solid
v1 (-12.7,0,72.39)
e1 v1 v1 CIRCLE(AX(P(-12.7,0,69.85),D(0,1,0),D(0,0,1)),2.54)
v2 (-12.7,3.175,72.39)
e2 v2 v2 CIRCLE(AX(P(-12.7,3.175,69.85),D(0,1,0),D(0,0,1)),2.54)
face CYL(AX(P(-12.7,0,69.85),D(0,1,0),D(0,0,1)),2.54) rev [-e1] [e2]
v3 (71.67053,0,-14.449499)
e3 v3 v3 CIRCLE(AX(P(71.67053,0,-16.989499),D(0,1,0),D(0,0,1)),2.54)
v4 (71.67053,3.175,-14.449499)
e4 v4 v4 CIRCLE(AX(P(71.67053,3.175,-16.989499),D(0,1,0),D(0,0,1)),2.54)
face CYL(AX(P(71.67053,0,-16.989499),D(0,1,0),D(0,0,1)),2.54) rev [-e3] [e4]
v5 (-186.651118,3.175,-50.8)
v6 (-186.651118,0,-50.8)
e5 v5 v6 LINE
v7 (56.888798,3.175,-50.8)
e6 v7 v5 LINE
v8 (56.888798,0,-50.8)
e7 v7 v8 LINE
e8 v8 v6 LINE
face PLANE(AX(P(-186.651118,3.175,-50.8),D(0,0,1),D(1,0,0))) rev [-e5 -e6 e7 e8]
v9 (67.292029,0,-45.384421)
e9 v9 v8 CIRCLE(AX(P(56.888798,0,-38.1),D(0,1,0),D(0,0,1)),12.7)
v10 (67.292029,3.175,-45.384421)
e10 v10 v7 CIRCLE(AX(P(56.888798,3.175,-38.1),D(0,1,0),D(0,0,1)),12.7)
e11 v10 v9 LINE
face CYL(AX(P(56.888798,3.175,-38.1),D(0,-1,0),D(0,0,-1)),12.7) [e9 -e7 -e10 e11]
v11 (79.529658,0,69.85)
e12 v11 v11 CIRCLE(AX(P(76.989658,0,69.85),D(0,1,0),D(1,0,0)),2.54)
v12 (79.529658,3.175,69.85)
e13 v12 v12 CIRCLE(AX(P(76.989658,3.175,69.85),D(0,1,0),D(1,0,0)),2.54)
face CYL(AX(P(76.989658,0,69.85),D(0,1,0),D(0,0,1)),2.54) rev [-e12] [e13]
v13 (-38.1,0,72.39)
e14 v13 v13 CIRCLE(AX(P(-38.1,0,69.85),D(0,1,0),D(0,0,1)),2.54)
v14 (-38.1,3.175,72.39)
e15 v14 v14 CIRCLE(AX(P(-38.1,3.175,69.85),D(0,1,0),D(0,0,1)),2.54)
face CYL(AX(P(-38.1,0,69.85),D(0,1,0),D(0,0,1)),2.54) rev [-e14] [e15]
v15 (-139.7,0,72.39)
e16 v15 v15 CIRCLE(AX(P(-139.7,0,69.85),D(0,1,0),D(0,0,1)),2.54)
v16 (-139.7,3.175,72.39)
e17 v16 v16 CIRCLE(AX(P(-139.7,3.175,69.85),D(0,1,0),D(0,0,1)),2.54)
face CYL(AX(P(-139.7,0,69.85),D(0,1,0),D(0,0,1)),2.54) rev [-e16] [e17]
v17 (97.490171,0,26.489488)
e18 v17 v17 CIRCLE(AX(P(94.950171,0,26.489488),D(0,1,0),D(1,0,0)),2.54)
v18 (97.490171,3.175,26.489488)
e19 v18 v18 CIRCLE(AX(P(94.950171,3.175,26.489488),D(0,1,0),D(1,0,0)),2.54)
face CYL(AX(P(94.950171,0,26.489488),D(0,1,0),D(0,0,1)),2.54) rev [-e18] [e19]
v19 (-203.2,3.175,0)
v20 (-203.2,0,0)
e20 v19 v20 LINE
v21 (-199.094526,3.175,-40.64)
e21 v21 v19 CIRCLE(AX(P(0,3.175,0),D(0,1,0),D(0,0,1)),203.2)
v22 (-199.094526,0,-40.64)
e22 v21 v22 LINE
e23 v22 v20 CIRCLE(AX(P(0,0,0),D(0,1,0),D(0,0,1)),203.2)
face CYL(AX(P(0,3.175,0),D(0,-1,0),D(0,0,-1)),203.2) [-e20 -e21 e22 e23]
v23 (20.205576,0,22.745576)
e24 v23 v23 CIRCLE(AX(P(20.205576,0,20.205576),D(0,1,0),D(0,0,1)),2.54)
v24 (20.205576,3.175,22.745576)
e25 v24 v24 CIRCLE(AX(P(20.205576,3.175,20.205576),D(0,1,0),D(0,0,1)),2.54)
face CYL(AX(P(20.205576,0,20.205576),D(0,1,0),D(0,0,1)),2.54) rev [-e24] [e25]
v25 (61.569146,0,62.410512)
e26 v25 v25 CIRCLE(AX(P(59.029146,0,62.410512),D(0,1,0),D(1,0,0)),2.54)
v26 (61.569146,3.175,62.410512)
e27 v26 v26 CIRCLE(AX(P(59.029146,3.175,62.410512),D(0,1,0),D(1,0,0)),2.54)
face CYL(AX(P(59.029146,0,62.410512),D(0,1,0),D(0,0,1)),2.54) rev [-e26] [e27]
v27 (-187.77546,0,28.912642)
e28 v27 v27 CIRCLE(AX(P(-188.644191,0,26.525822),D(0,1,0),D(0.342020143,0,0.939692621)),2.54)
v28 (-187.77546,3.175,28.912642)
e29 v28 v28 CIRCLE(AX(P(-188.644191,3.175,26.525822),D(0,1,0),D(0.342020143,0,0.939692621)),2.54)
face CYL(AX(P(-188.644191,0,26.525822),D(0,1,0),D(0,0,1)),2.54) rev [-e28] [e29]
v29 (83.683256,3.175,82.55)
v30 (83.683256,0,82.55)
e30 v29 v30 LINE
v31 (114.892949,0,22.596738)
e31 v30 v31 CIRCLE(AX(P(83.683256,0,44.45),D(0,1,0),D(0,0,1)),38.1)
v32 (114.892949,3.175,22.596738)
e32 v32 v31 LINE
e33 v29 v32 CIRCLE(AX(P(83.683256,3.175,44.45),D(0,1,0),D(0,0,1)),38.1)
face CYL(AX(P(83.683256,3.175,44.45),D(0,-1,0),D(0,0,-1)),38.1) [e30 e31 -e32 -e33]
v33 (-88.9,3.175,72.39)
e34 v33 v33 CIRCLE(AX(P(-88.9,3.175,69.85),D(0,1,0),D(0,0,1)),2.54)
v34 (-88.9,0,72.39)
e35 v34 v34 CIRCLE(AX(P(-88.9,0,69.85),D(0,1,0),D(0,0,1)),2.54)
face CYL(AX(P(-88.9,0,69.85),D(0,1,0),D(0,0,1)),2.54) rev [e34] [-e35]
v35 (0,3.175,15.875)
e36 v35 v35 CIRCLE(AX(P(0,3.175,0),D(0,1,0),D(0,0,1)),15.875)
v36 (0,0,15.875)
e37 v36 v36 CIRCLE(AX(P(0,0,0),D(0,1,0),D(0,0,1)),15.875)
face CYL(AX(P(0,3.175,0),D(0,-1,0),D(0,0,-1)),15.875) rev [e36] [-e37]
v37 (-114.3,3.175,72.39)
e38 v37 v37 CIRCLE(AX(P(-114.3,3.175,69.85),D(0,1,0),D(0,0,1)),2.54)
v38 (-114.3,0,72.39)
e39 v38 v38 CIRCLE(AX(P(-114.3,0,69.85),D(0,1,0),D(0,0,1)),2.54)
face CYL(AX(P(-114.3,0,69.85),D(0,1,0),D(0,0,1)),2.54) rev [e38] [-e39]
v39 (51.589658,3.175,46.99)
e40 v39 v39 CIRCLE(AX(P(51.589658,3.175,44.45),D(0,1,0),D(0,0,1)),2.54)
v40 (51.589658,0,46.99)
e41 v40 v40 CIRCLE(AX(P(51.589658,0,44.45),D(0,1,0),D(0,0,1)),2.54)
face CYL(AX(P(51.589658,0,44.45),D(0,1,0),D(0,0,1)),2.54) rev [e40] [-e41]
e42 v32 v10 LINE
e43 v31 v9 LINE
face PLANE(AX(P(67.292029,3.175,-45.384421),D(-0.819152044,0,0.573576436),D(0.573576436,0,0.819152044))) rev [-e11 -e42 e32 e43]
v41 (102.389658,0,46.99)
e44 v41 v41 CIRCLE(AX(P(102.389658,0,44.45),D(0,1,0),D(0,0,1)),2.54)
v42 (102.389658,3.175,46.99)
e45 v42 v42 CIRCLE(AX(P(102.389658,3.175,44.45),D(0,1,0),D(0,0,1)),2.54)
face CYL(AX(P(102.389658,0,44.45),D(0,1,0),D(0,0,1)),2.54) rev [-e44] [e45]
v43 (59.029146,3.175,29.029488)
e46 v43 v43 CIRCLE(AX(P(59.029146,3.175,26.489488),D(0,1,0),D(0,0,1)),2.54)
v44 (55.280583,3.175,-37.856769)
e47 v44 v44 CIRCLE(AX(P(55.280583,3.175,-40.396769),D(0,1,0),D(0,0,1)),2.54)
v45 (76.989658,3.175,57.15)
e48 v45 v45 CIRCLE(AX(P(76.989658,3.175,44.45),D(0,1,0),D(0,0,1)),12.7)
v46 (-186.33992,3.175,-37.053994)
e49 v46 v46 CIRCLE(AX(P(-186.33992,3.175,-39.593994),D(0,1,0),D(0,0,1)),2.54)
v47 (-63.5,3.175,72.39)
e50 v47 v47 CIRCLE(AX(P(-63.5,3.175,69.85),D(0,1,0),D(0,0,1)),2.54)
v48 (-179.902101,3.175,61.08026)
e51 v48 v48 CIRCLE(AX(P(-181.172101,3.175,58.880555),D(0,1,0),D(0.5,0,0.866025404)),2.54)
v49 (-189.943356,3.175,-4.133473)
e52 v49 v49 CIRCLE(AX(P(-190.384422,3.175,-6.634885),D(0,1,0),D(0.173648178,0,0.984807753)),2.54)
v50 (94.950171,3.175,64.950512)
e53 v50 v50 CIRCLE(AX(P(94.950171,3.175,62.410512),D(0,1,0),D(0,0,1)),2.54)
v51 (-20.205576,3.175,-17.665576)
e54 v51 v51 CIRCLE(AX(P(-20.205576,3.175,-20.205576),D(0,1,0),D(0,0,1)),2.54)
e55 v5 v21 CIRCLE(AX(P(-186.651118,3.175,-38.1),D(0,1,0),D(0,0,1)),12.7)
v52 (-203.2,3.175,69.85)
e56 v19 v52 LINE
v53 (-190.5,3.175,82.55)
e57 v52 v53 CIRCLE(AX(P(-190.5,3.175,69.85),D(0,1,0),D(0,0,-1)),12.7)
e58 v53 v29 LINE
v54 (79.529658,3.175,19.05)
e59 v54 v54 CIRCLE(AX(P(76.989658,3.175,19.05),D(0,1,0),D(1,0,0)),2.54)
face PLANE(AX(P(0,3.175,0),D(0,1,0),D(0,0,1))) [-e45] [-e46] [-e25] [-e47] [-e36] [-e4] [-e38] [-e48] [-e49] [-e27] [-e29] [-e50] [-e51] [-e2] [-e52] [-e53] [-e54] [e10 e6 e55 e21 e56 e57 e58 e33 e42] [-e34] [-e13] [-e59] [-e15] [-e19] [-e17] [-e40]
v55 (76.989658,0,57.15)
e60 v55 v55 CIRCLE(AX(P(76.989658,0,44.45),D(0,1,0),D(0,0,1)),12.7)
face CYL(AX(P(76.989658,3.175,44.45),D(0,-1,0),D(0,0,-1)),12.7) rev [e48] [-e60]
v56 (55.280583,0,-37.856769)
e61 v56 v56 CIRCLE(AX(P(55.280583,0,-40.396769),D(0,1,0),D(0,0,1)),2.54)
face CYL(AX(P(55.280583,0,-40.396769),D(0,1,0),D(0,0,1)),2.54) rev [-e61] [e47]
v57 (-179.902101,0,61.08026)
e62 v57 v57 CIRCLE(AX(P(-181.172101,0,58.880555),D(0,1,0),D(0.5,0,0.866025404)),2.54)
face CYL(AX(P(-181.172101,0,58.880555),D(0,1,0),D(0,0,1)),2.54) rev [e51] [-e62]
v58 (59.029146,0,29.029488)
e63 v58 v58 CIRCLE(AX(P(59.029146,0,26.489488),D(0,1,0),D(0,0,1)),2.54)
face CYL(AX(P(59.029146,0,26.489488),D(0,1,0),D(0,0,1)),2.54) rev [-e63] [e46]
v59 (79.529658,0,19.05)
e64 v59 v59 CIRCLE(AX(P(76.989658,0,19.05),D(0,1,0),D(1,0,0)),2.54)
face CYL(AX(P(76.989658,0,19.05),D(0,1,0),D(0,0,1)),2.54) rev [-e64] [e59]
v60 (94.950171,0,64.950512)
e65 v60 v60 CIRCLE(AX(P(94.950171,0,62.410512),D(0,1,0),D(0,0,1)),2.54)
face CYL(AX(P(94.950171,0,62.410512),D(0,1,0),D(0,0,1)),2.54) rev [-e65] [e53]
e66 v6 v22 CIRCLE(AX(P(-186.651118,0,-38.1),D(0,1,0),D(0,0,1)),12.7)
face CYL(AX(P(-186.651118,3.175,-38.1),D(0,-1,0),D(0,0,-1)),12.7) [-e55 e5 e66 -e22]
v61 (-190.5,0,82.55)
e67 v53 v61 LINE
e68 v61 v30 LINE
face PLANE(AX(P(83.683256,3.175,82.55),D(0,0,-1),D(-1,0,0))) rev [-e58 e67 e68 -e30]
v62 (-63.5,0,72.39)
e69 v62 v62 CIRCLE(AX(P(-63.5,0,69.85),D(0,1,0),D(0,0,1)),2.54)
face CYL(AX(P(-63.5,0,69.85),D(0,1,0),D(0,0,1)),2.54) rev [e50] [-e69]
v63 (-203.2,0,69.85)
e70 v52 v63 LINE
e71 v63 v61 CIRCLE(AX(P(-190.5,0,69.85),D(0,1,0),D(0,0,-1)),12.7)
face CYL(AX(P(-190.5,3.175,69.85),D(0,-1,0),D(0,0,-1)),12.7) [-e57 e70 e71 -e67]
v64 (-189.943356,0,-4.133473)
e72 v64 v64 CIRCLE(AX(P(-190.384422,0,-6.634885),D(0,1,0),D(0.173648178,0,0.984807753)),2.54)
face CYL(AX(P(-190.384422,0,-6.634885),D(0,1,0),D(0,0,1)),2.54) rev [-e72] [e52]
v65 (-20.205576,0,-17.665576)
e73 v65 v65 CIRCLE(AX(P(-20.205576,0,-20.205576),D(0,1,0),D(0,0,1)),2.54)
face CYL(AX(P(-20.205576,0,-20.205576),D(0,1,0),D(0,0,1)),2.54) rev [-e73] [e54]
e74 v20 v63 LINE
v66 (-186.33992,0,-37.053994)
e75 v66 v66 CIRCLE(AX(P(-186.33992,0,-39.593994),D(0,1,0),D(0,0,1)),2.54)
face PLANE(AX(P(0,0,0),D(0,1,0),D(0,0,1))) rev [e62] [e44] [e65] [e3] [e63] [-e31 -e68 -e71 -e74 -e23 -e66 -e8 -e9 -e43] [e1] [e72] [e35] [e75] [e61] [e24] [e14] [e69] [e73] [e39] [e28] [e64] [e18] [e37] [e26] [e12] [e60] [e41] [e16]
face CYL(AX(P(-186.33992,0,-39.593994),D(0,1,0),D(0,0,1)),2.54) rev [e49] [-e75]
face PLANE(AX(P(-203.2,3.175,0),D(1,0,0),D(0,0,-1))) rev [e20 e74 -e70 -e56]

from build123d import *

# Parameters (mm, degrees)
SKETCH1_R                       = 15.875
SKETCH1_R_2                     = 12.7
INITIAL_PLATE_DEPTH             = 3.175
SKETCH2_R                       = 2.54
INITIAL_HOLE_FRONT_DEPTH        = 4.175
FRONT_SUPPORT_MOUNTS_COUNT      = 2
FRONT_SUPPORT_MOUNTS_PITCH      = 28.575
SKETCH3_R                       = 2.54
MAX_PLANETARY_HOLES_DEPTH       = 4.175
MAX_PLANETARY_PATTERN_COUNT     = 3
MAX_PLANETARY_PATTERN_ANGLE     = 180
SKETCH4_R                       = 2.54
INITIAL_STATIC_HOOD_MOUNT_DEPTH = 4.175
HOOD_MOUNTING_PATTERN_COUNT     = 4
HOOD_MOUNTING_PATTERN_ANGLE     = 30
SKETCH5_R                       = 2.54
INITIAL_MOUNTING_HOLE_DEPTH     = 4.175
MOUNTING_PATTERN_COUNT          = 6
MOUNTING_PATTERN_PITCH          = 25.4
SKETCH6_R                       = 2.54
BEARING_RETAINER_MOUNT_DEPTH    = 4.175


with BuildPart() as part:
    # Sketch1 → Initial Plate (new body)
    with BuildSketch(Plane(origin=(0, 0, 0), x_dir=(1, 0, 0), z_dir=(0, 1, 0))):
        with BuildLine():
            Line((-186.6511184, 50.8), (56.888798458, 50.8))
            ThreePointArc((56.888798458, 50.8), (62.753005846, 49.365037581), (67.29202942, 45.384420742))
            Line((67.29202942, 45.384420742), (114.89294907, -22.596737775))
            ThreePointArc((114.89294907, -22.596737775), (117.478368927, -62.042622164), (83.683256183, -82.55))
            Line((83.683256183, -82.55), (-190.5, -82.55))
            ThreePointArc((-190.5, -82.55), (-199.480256121, -78.830256121), (-203.2, -69.85))
            Line((-203.2, -69.85), (-203.2, 0))
            ThreePointArc((-203.2, 0), (-202.171026291, 20.423421079), (-199.094526293, 40.64))
            ThreePointArc((-199.094526293, 40.64), (-194.683303657, 47.937377699), (-186.6511184, 50.8))
        make_face()
        Circle(SKETCH1_R, mode=Mode.SUBTRACT)
        with Locations((76.989658396, -44.45)):
            Circle(SKETCH1_R_2, mode=Mode.SUBTRACT)
    extrude(amount=INITIAL_PLATE_DEPTH)

    # Sketch2 → Initial Hole Front (cut, through all)
    with BuildSketch(Plane(origin=(0, 3.175, 0), x_dir=(1, 0, 0), z_dir=(0, 1, 0))):
        with Locations((55.280583464, 40.396769038)):
            Circle(SKETCH2_R)
    initial_hole_front = extrude(amount=-INITIAL_HOLE_FRONT_DEPTH, mode=Mode.SUBTRACT)

    # Front Support Mounts: Initial Hole Front ×2
    with Locations(*[Vector(0.573576436, 0, 0.819152044) * (i * FRONT_SUPPORT_MOUNTS_PITCH) for i in range(1, FRONT_SUPPORT_MOUNTS_COUNT)]):
        add(initial_hole_front, mode=Mode.SUBTRACT)

    # Sketch3 → Max Planetary Holes (cut, through all)
    with BuildSketch(Plane(origin=(0, 3.175, 0), x_dir=(1, 0, 0), z_dir=(0, 1, 0))):
        with Locations((59.029146154, -26.489487758)):
            Circle(SKETCH3_R)
        with Locations((102.389658396, -44.45)):
            Circle(SKETCH3_R)
        with Locations((94.950170639, -62.410512242)):
            Circle(SKETCH3_R)
        with Locations((51.589658396, -44.45)):
            Circle(SKETCH3_R)
    max_planetary_holes = extrude(amount=-MAX_PLANETARY_HOLES_DEPTH, mode=Mode.SUBTRACT)

    # Max Planetary Pattern: Max Planetary Holes ×3 about axis
    max_planetary_pattern_axis = Axis((76.989658396, 0, 44.45), (0, 1, 0))
    for i in range(1, MAX_PLANETARY_PATTERN_COUNT):
        add(max_planetary_holes.rotate(max_planetary_pattern_axis, i * MAX_PLANETARY_PATTERN_ANGLE / (MAX_PLANETARY_PATTERN_COUNT - 1)), mode=Mode.SUBTRACT)

    # Sketch4 → Initial Static Hood Mount (cut, through all)
    with BuildSketch(Plane(origin=(0, 3.175, 0), x_dir=(1, 0, 0), z_dir=(0, 1, 0))):
        with Locations((-186.339919668, 39.593993711)):
            Circle(SKETCH4_R)
    initial_static_hood_mount = extrude(amount=-INITIAL_STATIC_HOOD_MOUNT_DEPTH, mode=Mode.SUBTRACT)

    # Hood Mounting Pattern: Initial Static Hood Mount ×4 about axis
    hood_mounting_pattern_axis = Axis((0, 0, 0), (0, 1, 0))
    for i in range(1, HOOD_MOUNTING_PATTERN_COUNT):
        add(initial_static_hood_mount.rotate(hood_mounting_pattern_axis, i * HOOD_MOUNTING_PATTERN_ANGLE / (HOOD_MOUNTING_PATTERN_COUNT - 1)), mode=Mode.SUBTRACT)

    # Sketch5 → Initial Mounting Hole (cut, through all)
    with BuildSketch(Plane(origin=(0, 3.175, 0), x_dir=(1, 0, 0), z_dir=(0, 1, 0))):
        with Locations((-139.7, -69.85)):
            Circle(SKETCH5_R)
    initial_mounting_hole = extrude(amount=-INITIAL_MOUNTING_HOLE_DEPTH, mode=Mode.SUBTRACT)

    # Mounting Pattern: Initial Mounting Hole ×6
    with Locations(*[(i * MOUNTING_PATTERN_PITCH, 0, 0) for i in range(1, MOUNTING_PATTERN_COUNT)]):
        add(initial_mounting_hole, mode=Mode.SUBTRACT)

    # Sketch6 → Bearing Retainer Mount (cut, through all)
    with BuildSketch(Plane(origin=(0, 3.175, 0), x_dir=(1, 0, 0), z_dir=(0, 1, 0))):
        with Locations((-20.205576272, 20.205576272)):
            Circle(SKETCH6_R)
        with Locations((20.205576272, -20.205576272)):
            Circle(SKETCH6_R)
    extrude(amount=-BEARING_RETAINER_MOUNT_DEPTH, mode=Mode.SUBTRACT)


solid = part.part
